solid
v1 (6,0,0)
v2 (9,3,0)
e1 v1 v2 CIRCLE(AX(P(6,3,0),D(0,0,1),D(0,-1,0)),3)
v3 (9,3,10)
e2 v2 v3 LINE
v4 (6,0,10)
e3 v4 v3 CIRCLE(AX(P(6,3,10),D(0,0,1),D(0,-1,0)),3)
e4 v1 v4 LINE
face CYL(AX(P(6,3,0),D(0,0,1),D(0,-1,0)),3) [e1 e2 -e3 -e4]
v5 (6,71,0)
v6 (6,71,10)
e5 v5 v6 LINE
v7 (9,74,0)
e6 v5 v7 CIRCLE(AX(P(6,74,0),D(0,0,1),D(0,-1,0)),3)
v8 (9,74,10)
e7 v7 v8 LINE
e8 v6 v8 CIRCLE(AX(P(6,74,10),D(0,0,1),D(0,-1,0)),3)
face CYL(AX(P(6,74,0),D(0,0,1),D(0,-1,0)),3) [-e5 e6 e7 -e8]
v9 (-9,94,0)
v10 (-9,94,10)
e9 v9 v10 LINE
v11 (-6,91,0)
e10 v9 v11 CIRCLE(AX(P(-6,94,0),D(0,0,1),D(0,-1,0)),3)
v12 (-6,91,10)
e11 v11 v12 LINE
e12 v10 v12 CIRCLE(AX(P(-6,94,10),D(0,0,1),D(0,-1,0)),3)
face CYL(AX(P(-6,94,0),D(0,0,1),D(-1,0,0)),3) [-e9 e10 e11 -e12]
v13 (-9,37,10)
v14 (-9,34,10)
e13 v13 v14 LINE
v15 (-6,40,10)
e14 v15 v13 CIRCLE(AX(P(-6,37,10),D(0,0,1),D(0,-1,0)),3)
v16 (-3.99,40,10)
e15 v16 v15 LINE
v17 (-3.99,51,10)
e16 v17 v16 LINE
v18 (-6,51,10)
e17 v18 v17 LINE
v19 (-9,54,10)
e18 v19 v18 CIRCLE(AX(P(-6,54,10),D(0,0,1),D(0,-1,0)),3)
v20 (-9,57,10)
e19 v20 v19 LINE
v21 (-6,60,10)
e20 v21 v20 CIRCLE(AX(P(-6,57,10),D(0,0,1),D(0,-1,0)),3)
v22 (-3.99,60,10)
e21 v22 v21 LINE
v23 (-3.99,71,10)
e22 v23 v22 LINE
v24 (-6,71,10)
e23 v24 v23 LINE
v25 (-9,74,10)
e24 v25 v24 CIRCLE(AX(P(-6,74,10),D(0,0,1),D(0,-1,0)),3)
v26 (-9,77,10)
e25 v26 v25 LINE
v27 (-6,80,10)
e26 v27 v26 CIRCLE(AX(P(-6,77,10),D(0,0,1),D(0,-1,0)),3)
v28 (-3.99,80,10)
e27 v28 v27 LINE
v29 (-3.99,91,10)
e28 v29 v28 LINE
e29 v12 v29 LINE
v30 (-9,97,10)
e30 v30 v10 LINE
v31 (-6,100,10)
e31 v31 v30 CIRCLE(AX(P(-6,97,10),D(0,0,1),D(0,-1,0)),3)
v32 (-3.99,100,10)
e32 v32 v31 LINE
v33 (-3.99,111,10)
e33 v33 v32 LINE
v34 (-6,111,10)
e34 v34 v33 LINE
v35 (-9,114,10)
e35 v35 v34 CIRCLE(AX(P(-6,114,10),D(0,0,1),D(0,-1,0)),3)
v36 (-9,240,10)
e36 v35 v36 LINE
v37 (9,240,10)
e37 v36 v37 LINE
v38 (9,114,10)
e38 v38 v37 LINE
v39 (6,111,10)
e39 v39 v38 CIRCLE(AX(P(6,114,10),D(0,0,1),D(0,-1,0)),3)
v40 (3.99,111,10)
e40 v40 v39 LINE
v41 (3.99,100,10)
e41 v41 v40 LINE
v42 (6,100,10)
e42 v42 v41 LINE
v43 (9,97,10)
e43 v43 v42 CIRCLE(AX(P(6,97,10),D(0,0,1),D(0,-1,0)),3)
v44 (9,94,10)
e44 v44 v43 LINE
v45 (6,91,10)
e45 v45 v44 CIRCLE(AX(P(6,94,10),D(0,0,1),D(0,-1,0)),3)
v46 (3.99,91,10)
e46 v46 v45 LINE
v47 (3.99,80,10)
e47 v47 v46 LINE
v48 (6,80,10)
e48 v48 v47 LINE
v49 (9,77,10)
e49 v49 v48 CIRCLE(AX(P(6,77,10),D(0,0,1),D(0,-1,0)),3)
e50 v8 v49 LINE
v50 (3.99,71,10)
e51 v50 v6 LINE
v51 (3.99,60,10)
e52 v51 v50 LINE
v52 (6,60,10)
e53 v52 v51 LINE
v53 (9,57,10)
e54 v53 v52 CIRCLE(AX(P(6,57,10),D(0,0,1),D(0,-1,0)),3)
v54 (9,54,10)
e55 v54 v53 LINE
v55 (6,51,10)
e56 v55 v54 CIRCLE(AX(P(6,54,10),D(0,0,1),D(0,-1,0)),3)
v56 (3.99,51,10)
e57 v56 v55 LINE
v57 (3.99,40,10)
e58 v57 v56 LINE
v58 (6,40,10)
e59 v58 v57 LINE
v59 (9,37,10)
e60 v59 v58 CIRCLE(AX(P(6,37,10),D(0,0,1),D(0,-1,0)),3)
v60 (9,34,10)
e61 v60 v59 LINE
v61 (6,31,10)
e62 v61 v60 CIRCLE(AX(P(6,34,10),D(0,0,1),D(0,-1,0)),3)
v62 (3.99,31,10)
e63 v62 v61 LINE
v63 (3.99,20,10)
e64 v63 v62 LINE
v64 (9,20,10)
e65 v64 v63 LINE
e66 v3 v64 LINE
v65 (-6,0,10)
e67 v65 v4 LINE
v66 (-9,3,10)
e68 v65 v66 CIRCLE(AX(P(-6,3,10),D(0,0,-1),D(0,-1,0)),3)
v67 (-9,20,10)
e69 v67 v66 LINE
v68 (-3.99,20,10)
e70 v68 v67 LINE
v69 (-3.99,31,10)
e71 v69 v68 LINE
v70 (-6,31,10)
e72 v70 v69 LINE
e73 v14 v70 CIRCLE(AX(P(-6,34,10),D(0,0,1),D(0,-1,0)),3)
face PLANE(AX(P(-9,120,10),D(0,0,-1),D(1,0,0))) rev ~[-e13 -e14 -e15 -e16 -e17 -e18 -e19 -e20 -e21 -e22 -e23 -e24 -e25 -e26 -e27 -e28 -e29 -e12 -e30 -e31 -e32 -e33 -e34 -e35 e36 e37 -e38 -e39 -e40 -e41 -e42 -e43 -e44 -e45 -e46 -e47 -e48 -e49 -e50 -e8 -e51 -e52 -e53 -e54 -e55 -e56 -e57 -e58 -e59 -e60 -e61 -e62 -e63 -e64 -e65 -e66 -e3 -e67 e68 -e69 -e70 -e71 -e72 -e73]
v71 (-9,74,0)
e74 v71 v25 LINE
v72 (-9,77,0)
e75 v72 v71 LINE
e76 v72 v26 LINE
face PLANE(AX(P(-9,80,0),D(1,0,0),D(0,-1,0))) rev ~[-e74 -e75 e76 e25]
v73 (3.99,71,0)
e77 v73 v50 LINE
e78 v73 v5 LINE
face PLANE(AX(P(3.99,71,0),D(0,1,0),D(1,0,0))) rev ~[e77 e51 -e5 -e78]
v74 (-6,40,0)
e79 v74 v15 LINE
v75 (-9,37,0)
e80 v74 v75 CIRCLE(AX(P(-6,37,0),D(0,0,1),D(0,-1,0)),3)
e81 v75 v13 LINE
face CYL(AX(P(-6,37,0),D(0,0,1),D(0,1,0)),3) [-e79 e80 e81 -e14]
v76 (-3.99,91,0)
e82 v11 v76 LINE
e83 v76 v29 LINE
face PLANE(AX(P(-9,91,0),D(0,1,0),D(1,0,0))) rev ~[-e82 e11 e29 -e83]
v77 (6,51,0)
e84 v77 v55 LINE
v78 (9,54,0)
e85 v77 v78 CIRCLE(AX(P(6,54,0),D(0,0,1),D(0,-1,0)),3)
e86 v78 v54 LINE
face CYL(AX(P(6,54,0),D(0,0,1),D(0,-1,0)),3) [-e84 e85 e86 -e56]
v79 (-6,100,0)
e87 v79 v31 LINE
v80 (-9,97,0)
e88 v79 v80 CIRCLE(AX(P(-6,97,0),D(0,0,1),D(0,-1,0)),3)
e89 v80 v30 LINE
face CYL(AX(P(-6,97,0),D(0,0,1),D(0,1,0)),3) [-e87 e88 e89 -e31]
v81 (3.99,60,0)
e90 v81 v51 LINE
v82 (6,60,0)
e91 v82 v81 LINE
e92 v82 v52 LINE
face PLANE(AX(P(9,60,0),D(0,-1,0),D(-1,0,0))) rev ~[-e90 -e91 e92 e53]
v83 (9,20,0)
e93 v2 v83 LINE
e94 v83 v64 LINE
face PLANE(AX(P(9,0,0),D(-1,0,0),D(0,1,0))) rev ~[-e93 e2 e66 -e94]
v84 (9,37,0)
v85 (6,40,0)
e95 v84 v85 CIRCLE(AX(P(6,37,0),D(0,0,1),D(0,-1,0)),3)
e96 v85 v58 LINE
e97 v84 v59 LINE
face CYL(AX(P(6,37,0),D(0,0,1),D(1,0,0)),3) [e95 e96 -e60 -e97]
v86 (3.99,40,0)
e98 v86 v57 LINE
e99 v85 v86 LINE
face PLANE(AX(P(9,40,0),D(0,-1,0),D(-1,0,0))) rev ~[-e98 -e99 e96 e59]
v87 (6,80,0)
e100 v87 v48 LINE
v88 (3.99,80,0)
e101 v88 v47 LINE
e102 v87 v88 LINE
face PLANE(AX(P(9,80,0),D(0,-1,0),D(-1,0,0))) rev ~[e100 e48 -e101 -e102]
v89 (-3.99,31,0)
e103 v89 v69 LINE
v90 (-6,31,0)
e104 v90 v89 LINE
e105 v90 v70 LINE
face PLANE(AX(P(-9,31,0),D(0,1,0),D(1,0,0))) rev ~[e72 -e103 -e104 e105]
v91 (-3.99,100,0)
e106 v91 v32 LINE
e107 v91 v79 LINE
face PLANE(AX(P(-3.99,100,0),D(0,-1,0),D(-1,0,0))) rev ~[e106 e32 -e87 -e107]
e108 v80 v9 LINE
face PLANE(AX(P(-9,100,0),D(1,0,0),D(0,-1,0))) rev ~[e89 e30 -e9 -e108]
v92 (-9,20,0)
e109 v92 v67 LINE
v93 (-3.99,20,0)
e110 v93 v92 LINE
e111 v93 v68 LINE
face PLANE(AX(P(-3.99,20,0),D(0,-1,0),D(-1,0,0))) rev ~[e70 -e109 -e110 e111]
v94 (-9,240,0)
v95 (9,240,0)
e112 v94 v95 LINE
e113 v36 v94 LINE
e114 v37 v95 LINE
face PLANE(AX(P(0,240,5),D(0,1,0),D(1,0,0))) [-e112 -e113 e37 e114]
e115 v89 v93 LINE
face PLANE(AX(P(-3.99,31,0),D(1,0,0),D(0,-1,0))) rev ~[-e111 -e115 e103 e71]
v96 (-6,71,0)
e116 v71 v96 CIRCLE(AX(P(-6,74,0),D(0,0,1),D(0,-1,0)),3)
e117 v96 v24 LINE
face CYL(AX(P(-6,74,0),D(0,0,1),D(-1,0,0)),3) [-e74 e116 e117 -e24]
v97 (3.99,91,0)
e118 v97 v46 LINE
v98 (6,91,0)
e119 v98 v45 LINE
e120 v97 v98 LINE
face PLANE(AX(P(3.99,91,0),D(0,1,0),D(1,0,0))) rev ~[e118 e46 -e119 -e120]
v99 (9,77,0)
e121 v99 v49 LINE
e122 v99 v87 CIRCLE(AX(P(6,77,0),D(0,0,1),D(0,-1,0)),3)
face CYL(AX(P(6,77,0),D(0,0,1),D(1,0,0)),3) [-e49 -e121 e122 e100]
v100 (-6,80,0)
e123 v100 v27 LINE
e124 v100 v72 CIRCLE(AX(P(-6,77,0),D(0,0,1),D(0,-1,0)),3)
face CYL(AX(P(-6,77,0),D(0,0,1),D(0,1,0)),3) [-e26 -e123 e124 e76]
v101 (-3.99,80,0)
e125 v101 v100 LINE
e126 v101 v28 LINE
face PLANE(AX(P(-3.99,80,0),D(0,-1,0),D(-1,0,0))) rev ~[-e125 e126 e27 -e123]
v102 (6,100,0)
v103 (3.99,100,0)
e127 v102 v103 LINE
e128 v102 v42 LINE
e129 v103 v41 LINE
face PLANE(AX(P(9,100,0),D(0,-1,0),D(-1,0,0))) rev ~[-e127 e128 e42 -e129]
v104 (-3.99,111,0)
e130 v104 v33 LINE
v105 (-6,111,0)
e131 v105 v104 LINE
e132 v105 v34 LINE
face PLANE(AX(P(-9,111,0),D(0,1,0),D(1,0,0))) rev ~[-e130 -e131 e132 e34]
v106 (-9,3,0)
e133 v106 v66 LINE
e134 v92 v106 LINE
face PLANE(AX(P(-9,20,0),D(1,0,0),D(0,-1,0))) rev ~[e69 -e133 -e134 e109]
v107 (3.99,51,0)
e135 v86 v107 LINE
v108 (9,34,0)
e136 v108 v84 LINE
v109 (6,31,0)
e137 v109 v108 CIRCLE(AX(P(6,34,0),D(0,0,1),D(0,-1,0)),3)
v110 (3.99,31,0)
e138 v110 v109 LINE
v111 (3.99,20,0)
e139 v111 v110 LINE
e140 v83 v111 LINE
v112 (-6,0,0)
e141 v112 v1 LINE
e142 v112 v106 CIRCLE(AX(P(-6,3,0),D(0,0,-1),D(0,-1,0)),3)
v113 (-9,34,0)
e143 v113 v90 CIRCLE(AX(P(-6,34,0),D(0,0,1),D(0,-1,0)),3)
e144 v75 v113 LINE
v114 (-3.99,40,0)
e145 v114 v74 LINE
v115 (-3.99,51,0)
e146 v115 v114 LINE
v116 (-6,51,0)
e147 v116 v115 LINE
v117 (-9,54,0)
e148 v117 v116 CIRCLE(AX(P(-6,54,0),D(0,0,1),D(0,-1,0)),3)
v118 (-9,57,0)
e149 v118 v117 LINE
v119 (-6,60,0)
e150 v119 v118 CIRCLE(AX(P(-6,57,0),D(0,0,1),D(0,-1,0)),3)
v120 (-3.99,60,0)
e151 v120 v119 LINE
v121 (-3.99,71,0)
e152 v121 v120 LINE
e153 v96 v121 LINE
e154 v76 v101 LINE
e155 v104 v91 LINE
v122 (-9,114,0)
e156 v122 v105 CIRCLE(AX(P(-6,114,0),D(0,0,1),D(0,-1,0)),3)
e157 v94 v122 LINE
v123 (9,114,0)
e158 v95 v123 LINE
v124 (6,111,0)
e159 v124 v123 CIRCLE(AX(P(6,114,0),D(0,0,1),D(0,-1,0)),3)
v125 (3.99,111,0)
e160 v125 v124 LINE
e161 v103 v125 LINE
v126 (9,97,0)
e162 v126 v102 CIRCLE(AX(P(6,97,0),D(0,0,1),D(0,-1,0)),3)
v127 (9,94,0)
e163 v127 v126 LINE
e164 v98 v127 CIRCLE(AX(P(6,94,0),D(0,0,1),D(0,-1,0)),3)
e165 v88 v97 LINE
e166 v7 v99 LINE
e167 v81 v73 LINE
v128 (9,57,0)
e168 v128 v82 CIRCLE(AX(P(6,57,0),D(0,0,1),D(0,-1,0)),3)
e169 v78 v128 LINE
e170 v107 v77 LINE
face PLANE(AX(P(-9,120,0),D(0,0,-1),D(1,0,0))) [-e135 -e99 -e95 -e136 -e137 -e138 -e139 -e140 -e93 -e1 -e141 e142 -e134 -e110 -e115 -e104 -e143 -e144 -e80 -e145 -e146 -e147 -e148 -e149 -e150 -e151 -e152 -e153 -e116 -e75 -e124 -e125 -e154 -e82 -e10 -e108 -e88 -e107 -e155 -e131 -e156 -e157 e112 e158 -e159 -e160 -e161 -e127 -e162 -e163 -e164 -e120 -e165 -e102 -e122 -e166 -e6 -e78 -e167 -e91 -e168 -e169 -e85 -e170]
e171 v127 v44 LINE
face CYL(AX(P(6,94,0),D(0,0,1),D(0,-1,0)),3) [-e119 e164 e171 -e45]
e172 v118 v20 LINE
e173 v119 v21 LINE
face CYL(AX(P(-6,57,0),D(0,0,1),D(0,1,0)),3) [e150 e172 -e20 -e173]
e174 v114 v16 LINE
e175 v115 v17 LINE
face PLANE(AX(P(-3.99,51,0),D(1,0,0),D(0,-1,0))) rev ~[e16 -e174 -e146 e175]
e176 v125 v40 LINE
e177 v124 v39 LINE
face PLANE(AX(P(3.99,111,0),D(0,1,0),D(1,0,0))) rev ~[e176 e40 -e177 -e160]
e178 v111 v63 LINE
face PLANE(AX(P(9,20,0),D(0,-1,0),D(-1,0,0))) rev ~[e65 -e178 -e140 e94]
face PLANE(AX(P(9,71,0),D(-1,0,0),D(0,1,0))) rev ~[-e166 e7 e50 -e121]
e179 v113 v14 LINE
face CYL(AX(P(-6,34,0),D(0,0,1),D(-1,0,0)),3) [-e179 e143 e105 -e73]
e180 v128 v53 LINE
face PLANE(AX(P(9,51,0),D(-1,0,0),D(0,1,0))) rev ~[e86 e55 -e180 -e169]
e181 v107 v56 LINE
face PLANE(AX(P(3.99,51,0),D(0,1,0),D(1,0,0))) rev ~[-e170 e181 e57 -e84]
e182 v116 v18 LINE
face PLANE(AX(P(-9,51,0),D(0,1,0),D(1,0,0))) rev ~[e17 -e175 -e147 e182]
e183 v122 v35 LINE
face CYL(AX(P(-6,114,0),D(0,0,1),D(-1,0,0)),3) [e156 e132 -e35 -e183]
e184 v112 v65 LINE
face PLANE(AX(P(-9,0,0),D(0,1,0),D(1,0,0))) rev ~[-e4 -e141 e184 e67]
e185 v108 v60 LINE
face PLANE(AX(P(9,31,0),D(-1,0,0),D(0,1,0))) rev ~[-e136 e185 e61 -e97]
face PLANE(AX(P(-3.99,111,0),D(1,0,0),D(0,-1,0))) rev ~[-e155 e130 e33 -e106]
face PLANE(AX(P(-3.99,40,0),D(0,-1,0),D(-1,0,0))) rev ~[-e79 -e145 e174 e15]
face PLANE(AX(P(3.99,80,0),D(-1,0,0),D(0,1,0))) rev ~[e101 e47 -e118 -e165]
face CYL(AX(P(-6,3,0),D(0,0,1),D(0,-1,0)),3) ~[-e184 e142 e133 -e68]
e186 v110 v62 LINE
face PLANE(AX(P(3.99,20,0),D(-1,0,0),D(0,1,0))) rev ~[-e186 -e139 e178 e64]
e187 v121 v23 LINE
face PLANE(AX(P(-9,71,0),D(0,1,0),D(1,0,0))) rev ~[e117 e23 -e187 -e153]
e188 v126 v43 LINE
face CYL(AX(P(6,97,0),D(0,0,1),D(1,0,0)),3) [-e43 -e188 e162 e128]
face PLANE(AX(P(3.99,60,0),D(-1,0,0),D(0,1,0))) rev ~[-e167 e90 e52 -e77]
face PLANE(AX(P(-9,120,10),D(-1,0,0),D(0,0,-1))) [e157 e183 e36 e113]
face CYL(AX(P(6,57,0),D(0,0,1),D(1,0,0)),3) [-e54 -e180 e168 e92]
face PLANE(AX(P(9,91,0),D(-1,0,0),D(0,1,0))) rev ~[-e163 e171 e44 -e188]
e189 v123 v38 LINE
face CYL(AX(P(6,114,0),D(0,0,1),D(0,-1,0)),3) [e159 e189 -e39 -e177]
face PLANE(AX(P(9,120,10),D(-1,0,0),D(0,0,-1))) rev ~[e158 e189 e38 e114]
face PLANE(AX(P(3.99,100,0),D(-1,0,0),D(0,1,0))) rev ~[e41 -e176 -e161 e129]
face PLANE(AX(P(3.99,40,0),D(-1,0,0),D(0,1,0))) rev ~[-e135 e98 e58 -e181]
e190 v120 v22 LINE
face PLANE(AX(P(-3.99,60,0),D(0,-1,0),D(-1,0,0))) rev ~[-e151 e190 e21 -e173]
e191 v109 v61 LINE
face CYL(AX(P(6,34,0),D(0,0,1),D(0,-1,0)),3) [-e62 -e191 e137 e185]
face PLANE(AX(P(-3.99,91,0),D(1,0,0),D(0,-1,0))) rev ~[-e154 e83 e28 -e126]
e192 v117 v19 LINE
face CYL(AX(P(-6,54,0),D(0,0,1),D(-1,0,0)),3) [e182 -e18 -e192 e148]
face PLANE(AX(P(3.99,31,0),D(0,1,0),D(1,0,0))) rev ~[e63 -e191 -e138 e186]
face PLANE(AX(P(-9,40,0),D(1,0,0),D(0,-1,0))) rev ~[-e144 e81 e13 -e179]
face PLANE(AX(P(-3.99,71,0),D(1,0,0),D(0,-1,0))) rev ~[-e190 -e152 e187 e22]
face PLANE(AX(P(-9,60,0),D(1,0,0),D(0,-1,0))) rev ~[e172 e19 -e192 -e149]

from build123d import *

# Parameters (mm, degrees)
BOSS_EXTRUDE1_DEPTH = 10
FILLET1_R           = 3
SKETCH2_W           = 18
SKETCH2_H           = 10
BOSS_EXTRUDE2_DEPTH = 120


with BuildPart() as part:
    # Sketch1 → Boss-Extrude1 (new body)
    with BuildSketch(Plane.XY):
        Polygon((-9, 0), (9, 0), (9, 20), (3.99, 20), (3.99, 31), (9, 31), (9, 40), (3.99, 40), (3.99, 51), (9, 51), (9, 60), (3.99, 60), (3.99, 71), (9, 71), (9, 80), (3.99, 80), (3.99, 91), (9, 91), (9, 100), (3.99, 100), (3.99, 111), (9, 111), (9, 120), (3.99, 120), (-3.99, 120), (-9, 120), (-9, 111), (-3.99, 111), (-3.99, 100), (-9, 100), (-9, 91), (-3.99, 91), (-3.99, 80), (-9, 80), (-9, 71), (-3.99, 71), (-3.99, 60), (-9, 60), (-9, 51), (-3.99, 51), (-3.99, 40), (-9, 40), (-9, 31), (-3.99, 31), (-3.99, 20), (-9, 20), align=None)
    extrude(amount=BOSS_EXTRUDE1_DEPTH)

    # Fillet1
    fillet1_edges = [part.edges().sort_by_distance(p)[0] for p in [
        (-9, 31, 5),
        (-9, 40, 5),
        (-9, 51, 5),
        (-9, 60, 5),
        (-9, 71, 5),
        (-9, 80, 5),
        (-9, 91, 5),
        (-9, 100, 5),
        (-9, 111, 5),
        (9, 111, 5),
        (9, 100, 5),
        (9, 91, 5),
        (9, 80, 5),
        (9, 71, 5),
        (9, 60, 5),
        (9, 51, 5),
        (9, 40, 5),
        (9, 31, 5),
        (9, 0, 5),
        (-9, 0, 5),
    ]]
    fillet(fillet1_edges, radius=FILLET1_R)

    # Sketch2 → Boss-Extrude2 (add)
    with BuildSketch(Plane(origin=(0, 120, 0), x_dir=(1, 0, 0), z_dir=(0, 1, 0))):
        with Locations((0, -5)):
            Rectangle(SKETCH2_W, SKETCH2_H)
    extrude(amount=BOSS_EXTRUDE2_DEPTH)


solid = part.part
